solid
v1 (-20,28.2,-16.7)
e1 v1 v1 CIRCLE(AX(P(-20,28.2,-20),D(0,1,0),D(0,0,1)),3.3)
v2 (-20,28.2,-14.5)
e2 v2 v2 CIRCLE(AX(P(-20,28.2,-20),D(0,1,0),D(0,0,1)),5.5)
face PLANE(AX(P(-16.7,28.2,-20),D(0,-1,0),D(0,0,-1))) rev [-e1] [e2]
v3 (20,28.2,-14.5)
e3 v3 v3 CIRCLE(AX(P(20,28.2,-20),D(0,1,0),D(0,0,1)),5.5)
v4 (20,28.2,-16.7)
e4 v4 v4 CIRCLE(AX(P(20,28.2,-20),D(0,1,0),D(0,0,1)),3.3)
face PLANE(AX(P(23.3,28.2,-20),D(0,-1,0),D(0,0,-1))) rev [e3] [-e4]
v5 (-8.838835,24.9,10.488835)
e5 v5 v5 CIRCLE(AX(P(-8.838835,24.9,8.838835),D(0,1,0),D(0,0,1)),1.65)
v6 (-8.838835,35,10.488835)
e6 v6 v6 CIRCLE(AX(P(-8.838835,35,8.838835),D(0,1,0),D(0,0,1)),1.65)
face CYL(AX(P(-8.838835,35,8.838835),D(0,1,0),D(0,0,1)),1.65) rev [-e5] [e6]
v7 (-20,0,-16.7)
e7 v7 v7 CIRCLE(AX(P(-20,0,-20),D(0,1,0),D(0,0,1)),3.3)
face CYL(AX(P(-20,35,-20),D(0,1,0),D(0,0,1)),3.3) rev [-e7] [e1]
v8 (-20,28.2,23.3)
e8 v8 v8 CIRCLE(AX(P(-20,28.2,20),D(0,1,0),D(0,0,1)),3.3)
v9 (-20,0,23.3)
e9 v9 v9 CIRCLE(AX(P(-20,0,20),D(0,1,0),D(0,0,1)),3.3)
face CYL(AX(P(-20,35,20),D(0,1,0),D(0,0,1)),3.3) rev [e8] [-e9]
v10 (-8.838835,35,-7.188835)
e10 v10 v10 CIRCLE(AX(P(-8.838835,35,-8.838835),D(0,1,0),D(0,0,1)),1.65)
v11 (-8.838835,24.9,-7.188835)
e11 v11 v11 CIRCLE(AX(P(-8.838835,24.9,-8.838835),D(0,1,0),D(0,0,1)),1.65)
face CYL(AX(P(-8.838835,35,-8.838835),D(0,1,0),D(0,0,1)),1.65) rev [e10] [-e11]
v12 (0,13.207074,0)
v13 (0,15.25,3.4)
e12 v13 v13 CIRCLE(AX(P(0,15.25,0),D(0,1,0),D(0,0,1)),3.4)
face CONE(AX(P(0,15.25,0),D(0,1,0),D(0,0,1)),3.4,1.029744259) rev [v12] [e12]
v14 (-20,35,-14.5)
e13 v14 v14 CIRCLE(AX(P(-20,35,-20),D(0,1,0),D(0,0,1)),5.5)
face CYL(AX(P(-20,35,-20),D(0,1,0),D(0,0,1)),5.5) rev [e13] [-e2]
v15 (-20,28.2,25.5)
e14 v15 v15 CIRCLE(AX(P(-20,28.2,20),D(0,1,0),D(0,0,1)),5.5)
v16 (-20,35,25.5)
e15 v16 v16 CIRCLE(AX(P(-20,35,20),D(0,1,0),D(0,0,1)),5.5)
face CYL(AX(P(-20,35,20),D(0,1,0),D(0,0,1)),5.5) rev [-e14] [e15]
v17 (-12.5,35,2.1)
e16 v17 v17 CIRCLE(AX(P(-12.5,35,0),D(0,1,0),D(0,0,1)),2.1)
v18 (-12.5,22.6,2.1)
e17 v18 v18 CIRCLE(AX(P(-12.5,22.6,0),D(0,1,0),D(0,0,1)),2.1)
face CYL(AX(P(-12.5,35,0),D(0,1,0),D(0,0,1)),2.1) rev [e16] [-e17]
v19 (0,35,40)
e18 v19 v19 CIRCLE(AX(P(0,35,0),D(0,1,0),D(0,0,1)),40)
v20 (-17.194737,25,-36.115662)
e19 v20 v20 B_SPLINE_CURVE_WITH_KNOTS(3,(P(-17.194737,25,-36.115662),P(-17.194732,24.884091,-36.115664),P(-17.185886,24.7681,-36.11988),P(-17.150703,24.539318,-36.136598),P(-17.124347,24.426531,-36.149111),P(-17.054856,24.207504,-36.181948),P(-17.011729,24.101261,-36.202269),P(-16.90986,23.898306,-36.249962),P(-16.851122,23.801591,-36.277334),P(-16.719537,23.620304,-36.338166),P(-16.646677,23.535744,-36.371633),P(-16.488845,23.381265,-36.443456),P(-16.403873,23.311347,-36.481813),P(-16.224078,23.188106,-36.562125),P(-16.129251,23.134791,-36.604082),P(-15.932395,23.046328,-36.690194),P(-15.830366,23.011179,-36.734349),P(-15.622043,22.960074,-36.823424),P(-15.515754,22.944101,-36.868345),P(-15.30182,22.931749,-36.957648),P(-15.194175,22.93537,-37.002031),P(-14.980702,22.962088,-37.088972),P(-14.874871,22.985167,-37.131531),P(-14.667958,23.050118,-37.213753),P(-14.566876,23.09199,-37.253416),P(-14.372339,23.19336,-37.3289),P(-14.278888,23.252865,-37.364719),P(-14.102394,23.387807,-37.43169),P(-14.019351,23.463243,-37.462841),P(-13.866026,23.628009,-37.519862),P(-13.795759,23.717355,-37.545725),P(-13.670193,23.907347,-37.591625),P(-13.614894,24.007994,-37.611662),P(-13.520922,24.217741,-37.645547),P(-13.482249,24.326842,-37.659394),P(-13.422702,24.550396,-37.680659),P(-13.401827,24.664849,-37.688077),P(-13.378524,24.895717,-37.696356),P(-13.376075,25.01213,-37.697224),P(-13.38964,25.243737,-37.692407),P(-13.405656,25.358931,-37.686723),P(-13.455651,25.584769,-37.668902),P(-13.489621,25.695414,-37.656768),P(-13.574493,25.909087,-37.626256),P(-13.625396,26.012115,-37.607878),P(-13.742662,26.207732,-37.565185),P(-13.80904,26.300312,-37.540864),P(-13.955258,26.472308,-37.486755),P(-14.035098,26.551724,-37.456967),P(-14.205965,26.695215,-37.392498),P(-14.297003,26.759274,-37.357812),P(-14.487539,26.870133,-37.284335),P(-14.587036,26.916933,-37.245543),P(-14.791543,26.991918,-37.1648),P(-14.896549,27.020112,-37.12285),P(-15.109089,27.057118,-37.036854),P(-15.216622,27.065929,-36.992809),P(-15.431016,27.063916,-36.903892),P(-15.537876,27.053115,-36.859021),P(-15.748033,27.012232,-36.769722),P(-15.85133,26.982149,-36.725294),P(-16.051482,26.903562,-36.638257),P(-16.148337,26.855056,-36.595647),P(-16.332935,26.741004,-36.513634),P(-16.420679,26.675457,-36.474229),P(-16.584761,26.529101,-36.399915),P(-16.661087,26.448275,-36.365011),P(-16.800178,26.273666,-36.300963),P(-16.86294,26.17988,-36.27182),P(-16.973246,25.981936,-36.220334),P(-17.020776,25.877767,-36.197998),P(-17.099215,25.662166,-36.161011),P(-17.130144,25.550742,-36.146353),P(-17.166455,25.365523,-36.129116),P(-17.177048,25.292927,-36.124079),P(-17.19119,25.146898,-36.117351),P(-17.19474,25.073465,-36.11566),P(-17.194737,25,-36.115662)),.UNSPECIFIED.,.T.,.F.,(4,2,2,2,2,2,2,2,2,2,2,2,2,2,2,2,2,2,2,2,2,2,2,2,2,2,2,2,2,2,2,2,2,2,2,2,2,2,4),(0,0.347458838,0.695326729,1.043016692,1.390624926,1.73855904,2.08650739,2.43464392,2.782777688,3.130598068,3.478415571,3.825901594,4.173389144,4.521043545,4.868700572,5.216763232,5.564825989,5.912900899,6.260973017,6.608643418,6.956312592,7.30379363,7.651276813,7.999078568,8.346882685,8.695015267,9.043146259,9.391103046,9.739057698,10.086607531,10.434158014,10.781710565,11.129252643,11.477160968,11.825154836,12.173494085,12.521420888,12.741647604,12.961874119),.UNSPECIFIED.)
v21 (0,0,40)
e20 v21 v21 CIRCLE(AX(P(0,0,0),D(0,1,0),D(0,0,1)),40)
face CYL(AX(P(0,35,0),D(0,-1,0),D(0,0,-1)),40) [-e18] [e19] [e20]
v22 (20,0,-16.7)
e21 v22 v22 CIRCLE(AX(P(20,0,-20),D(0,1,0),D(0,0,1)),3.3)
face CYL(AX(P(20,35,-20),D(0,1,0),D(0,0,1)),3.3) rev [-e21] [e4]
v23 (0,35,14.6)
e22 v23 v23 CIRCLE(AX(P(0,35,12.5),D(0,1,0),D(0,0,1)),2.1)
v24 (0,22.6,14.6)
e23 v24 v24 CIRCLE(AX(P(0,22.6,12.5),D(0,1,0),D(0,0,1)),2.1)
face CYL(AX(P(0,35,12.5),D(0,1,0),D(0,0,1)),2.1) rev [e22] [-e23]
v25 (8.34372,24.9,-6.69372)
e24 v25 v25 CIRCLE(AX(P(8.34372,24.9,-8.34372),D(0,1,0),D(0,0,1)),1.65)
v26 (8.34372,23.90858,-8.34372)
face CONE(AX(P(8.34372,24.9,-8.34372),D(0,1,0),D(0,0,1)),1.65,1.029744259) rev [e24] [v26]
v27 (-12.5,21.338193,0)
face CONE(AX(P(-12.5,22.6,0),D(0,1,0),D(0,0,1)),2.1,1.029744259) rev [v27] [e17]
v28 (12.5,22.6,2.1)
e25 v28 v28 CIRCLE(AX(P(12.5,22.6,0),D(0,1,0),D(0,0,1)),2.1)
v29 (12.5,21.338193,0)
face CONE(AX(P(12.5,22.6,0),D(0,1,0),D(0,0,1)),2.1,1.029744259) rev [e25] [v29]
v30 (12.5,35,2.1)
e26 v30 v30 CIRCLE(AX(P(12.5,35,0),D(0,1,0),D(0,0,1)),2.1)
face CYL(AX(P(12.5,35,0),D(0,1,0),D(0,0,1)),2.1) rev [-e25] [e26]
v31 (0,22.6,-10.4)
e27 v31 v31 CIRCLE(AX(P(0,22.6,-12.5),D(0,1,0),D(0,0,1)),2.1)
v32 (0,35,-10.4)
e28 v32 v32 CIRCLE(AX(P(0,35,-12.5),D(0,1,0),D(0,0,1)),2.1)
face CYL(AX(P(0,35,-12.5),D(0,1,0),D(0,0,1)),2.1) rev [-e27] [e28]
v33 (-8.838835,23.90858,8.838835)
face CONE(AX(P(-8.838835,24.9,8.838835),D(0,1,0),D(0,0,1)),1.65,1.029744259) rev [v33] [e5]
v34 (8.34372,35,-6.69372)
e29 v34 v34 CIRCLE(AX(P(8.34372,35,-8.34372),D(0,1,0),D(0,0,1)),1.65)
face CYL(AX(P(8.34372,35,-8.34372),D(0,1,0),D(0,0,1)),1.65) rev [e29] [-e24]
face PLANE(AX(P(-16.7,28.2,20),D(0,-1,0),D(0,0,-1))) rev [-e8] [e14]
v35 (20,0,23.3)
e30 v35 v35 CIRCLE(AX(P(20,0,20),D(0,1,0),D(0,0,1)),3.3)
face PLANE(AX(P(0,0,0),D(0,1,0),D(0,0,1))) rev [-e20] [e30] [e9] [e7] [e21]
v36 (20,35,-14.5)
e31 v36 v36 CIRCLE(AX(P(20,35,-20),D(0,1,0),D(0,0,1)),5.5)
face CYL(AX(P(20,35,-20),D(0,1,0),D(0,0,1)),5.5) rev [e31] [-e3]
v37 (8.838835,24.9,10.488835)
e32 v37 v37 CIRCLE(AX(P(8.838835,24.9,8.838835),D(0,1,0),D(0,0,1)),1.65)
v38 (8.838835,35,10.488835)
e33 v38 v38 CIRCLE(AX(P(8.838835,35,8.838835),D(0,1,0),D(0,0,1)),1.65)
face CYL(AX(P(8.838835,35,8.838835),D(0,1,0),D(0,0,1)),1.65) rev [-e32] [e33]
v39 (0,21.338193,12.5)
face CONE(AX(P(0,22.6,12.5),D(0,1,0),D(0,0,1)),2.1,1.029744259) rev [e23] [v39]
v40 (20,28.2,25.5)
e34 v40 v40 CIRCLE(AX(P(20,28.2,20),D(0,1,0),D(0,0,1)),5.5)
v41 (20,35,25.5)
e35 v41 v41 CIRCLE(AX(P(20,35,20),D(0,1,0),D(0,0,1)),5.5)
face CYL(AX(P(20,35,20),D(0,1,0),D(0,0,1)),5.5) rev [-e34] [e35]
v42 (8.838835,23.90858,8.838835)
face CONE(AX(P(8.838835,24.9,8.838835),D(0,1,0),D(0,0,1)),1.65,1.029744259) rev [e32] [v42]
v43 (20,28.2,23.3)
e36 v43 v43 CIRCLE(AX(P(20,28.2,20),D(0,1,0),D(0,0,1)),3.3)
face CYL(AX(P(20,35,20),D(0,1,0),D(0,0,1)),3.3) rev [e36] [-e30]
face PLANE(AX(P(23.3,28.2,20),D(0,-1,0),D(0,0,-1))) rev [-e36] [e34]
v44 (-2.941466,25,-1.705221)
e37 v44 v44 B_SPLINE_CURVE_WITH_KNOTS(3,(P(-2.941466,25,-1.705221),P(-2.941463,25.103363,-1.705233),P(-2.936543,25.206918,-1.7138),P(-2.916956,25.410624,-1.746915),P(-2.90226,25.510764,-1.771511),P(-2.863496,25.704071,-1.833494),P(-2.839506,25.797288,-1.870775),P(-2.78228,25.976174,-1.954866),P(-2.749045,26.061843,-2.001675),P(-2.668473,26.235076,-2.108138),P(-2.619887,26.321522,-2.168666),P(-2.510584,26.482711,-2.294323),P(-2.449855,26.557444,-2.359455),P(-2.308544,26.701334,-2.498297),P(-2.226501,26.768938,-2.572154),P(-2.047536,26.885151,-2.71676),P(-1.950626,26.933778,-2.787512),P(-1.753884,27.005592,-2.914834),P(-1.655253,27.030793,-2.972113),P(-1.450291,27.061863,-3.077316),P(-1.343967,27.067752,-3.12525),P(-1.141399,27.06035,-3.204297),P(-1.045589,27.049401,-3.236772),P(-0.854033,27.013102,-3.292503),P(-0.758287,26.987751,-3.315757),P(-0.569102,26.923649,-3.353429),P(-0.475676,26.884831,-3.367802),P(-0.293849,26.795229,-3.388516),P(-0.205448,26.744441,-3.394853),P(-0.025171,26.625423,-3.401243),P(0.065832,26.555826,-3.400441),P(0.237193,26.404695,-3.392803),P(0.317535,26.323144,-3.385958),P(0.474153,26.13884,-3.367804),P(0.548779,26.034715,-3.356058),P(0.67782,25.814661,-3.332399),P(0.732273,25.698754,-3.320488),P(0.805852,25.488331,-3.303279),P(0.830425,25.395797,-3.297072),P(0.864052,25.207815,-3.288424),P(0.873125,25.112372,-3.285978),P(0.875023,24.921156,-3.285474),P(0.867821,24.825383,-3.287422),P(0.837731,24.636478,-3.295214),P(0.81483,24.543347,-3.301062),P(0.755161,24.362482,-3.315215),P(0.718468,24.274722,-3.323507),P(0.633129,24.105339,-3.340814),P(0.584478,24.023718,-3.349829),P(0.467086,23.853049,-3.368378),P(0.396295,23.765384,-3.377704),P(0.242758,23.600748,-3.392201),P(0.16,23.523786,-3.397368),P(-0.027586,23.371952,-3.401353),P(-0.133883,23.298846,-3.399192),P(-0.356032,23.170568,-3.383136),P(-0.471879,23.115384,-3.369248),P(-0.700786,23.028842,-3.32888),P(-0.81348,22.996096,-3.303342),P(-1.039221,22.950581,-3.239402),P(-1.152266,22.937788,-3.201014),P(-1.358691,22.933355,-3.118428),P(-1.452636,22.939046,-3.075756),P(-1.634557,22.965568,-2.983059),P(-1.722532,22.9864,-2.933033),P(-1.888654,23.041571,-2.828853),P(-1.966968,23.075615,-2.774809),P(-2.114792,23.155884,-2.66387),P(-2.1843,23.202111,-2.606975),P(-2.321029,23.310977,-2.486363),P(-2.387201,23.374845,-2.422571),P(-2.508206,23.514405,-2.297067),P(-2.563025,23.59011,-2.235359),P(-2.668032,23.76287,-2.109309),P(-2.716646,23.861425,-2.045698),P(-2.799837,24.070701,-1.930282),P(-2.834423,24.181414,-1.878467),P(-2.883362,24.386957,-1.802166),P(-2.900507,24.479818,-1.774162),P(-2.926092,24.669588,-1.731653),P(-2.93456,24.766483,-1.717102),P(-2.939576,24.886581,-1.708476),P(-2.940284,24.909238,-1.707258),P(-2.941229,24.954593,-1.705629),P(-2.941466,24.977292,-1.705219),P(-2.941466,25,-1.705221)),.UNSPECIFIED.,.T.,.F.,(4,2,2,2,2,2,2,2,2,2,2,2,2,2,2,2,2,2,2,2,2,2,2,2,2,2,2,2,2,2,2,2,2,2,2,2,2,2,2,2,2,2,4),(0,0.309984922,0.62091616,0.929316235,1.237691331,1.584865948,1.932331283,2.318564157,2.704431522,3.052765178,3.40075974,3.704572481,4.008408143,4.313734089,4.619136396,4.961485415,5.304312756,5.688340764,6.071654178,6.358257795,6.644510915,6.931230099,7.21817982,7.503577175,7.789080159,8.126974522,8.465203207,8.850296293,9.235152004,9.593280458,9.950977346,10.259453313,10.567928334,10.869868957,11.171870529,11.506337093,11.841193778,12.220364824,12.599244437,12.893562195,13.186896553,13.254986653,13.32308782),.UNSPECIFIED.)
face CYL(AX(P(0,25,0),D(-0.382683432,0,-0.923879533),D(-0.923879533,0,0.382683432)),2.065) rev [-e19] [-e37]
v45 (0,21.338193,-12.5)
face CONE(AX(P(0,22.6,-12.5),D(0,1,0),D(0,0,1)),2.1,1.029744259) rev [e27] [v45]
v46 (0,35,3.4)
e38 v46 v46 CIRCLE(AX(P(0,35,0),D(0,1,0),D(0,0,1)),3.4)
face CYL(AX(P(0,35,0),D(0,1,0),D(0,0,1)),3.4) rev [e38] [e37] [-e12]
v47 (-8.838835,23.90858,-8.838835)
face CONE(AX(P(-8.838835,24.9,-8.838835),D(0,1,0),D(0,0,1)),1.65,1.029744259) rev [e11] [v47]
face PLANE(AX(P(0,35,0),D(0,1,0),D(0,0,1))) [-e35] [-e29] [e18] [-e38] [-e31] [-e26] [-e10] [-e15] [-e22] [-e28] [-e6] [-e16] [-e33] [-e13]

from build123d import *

# Parameters (mm, degrees)
SKETCH_1_R                = 40
EXTRUDE_1_DEPTH           = 35
HOLE_WIZARD_1_D           = 6.6
HOLE_WIZARD_1_DEPTH       = 50
HOLE_WIZARD_1_CBORE_D     = 11
HOLE_WIZARD_1_CBORE_DEPTH = 6.8
HOLE_WIZARD_1_TIP         = 1.982840043
HOLE_WIZARD_M5_1_D        = 4.2
HOLE_WIZARD_M5_1_DEPTH    = 12.4
HOLE_WIZARD_M5_1_TIP      = 1.2618073
HOLE_WIZARD_M4_1_D        = 3.3
HOLE_WIZARD_M4_1_DEPTH    = 10.1
HOLE_WIZARD_M4_1_TIP      = 0.991420021
HOLE_WIZARD_M8_1_D        = 6.8
HOLE_WIZARD_M8_1_DEPTH    = 19.75
HOLE_WIZARD_M8_1_TIP      = 2.042926105
SKETCH_7_R                = 2.065
CUT_EXTRUDE_1_DEPTH       = 40


with BuildPart() as part:
    # 草图1 → 凸台-拉伸1 (new body)
    with BuildSketch(Plane(origin=(0, 0, 0), x_dir=(1, 0, 0), z_dir=(0, 1, 0))):
        Circle(SKETCH_1_R)
    extrude(amount=EXTRUDE_1_DEPTH)

    # 打孔尺寸(%根据)内六角圆柱头螺钉的类型1
    with Locations(Plane(origin=(-20, 35, -20), x_dir=(0, 0, 1), z_dir=(0, 1, 0))):
        with Locations((0, 0), (0, 40), (40, 40), (40, 0)):
            CounterBoreHole(HOLE_WIZARD_1_D / 2, HOLE_WIZARD_1_CBORE_D / 2, HOLE_WIZARD_1_CBORE_DEPTH, depth=HOLE_WIZARD_1_DEPTH)
            with Locations((0, 0, -(HOLE_WIZARD_1_DEPTH + HOLE_WIZARD_1_TIP / 2))):  # 118° drill point
                Cone(0, HOLE_WIZARD_1_D / 2, HOLE_WIZARD_1_TIP, mode=Mode.SUBTRACT)

    # M5 螺纹孔1
    with Locations(Plane(origin=(0, 35, -12.5), x_dir=(0, 0, 1), z_dir=(0, 1, 0))):
        with Locations((0, 0), (25, 0), (12.5, 12.5), (12.5, -12.5)):
            Hole(HOLE_WIZARD_M5_1_D / 2, depth=HOLE_WIZARD_M5_1_DEPTH)
            with Locations((0, 0, -(HOLE_WIZARD_M5_1_DEPTH + HOLE_WIZARD_M5_1_TIP / 2))):  # 118° drill point
                Cone(0, HOLE_WIZARD_M5_1_D / 2, HOLE_WIZARD_M5_1_TIP, mode=Mode.SUBTRACT)

    # M4 螺纹孔1
    with Locations(Plane(origin=(-8.838834765, 35, -8.838834765), x_dir=(0, 0, 1), z_dir=(0, 1, 0))):
        with Locations((0, 0), (0.495114697, 17.182554833), (17.67766953, 17.67766953), (17.67766953, 0)):
            Hole(HOLE_WIZARD_M4_1_D / 2, depth=HOLE_WIZARD_M4_1_DEPTH)
            with Locations((0, 0, -(HOLE_WIZARD_M4_1_DEPTH + HOLE_WIZARD_M4_1_TIP / 2))):  # 118° drill point
                Cone(0, HOLE_WIZARD_M4_1_D / 2, HOLE_WIZARD_M4_1_TIP, mode=Mode.SUBTRACT)

    # M8 螺纹孔1
    with Locations(Plane.ZX.offset(35)):
        with Locations((0, 0)):
            Hole(HOLE_WIZARD_M8_1_D / 2, depth=HOLE_WIZARD_M8_1_DEPTH)
            with Locations((0, 0, -(HOLE_WIZARD_M8_1_DEPTH + HOLE_WIZARD_M8_1_TIP / 2))):  # 118° drill point
                Cone(0, HOLE_WIZARD_M8_1_D / 2, HOLE_WIZARD_M8_1_TIP, mode=Mode.SUBTRACT)

    # 草图7 → 切除-拉伸1 (cut)
    with BuildSketch(Plane(origin=(-15.307337295, 35, -36.9551813), x_dir=(-0.923879533, 0, 0.382683432), z_dir=(-0.382683432, 0, -0.923879533))):
        with Locations((0, -10)):
            Circle(SKETCH_7_R)
    extrude(amount=-CUT_EXTRUDE_1_DEPTH, mode=Mode.SUBTRACT)


solid = part.part
